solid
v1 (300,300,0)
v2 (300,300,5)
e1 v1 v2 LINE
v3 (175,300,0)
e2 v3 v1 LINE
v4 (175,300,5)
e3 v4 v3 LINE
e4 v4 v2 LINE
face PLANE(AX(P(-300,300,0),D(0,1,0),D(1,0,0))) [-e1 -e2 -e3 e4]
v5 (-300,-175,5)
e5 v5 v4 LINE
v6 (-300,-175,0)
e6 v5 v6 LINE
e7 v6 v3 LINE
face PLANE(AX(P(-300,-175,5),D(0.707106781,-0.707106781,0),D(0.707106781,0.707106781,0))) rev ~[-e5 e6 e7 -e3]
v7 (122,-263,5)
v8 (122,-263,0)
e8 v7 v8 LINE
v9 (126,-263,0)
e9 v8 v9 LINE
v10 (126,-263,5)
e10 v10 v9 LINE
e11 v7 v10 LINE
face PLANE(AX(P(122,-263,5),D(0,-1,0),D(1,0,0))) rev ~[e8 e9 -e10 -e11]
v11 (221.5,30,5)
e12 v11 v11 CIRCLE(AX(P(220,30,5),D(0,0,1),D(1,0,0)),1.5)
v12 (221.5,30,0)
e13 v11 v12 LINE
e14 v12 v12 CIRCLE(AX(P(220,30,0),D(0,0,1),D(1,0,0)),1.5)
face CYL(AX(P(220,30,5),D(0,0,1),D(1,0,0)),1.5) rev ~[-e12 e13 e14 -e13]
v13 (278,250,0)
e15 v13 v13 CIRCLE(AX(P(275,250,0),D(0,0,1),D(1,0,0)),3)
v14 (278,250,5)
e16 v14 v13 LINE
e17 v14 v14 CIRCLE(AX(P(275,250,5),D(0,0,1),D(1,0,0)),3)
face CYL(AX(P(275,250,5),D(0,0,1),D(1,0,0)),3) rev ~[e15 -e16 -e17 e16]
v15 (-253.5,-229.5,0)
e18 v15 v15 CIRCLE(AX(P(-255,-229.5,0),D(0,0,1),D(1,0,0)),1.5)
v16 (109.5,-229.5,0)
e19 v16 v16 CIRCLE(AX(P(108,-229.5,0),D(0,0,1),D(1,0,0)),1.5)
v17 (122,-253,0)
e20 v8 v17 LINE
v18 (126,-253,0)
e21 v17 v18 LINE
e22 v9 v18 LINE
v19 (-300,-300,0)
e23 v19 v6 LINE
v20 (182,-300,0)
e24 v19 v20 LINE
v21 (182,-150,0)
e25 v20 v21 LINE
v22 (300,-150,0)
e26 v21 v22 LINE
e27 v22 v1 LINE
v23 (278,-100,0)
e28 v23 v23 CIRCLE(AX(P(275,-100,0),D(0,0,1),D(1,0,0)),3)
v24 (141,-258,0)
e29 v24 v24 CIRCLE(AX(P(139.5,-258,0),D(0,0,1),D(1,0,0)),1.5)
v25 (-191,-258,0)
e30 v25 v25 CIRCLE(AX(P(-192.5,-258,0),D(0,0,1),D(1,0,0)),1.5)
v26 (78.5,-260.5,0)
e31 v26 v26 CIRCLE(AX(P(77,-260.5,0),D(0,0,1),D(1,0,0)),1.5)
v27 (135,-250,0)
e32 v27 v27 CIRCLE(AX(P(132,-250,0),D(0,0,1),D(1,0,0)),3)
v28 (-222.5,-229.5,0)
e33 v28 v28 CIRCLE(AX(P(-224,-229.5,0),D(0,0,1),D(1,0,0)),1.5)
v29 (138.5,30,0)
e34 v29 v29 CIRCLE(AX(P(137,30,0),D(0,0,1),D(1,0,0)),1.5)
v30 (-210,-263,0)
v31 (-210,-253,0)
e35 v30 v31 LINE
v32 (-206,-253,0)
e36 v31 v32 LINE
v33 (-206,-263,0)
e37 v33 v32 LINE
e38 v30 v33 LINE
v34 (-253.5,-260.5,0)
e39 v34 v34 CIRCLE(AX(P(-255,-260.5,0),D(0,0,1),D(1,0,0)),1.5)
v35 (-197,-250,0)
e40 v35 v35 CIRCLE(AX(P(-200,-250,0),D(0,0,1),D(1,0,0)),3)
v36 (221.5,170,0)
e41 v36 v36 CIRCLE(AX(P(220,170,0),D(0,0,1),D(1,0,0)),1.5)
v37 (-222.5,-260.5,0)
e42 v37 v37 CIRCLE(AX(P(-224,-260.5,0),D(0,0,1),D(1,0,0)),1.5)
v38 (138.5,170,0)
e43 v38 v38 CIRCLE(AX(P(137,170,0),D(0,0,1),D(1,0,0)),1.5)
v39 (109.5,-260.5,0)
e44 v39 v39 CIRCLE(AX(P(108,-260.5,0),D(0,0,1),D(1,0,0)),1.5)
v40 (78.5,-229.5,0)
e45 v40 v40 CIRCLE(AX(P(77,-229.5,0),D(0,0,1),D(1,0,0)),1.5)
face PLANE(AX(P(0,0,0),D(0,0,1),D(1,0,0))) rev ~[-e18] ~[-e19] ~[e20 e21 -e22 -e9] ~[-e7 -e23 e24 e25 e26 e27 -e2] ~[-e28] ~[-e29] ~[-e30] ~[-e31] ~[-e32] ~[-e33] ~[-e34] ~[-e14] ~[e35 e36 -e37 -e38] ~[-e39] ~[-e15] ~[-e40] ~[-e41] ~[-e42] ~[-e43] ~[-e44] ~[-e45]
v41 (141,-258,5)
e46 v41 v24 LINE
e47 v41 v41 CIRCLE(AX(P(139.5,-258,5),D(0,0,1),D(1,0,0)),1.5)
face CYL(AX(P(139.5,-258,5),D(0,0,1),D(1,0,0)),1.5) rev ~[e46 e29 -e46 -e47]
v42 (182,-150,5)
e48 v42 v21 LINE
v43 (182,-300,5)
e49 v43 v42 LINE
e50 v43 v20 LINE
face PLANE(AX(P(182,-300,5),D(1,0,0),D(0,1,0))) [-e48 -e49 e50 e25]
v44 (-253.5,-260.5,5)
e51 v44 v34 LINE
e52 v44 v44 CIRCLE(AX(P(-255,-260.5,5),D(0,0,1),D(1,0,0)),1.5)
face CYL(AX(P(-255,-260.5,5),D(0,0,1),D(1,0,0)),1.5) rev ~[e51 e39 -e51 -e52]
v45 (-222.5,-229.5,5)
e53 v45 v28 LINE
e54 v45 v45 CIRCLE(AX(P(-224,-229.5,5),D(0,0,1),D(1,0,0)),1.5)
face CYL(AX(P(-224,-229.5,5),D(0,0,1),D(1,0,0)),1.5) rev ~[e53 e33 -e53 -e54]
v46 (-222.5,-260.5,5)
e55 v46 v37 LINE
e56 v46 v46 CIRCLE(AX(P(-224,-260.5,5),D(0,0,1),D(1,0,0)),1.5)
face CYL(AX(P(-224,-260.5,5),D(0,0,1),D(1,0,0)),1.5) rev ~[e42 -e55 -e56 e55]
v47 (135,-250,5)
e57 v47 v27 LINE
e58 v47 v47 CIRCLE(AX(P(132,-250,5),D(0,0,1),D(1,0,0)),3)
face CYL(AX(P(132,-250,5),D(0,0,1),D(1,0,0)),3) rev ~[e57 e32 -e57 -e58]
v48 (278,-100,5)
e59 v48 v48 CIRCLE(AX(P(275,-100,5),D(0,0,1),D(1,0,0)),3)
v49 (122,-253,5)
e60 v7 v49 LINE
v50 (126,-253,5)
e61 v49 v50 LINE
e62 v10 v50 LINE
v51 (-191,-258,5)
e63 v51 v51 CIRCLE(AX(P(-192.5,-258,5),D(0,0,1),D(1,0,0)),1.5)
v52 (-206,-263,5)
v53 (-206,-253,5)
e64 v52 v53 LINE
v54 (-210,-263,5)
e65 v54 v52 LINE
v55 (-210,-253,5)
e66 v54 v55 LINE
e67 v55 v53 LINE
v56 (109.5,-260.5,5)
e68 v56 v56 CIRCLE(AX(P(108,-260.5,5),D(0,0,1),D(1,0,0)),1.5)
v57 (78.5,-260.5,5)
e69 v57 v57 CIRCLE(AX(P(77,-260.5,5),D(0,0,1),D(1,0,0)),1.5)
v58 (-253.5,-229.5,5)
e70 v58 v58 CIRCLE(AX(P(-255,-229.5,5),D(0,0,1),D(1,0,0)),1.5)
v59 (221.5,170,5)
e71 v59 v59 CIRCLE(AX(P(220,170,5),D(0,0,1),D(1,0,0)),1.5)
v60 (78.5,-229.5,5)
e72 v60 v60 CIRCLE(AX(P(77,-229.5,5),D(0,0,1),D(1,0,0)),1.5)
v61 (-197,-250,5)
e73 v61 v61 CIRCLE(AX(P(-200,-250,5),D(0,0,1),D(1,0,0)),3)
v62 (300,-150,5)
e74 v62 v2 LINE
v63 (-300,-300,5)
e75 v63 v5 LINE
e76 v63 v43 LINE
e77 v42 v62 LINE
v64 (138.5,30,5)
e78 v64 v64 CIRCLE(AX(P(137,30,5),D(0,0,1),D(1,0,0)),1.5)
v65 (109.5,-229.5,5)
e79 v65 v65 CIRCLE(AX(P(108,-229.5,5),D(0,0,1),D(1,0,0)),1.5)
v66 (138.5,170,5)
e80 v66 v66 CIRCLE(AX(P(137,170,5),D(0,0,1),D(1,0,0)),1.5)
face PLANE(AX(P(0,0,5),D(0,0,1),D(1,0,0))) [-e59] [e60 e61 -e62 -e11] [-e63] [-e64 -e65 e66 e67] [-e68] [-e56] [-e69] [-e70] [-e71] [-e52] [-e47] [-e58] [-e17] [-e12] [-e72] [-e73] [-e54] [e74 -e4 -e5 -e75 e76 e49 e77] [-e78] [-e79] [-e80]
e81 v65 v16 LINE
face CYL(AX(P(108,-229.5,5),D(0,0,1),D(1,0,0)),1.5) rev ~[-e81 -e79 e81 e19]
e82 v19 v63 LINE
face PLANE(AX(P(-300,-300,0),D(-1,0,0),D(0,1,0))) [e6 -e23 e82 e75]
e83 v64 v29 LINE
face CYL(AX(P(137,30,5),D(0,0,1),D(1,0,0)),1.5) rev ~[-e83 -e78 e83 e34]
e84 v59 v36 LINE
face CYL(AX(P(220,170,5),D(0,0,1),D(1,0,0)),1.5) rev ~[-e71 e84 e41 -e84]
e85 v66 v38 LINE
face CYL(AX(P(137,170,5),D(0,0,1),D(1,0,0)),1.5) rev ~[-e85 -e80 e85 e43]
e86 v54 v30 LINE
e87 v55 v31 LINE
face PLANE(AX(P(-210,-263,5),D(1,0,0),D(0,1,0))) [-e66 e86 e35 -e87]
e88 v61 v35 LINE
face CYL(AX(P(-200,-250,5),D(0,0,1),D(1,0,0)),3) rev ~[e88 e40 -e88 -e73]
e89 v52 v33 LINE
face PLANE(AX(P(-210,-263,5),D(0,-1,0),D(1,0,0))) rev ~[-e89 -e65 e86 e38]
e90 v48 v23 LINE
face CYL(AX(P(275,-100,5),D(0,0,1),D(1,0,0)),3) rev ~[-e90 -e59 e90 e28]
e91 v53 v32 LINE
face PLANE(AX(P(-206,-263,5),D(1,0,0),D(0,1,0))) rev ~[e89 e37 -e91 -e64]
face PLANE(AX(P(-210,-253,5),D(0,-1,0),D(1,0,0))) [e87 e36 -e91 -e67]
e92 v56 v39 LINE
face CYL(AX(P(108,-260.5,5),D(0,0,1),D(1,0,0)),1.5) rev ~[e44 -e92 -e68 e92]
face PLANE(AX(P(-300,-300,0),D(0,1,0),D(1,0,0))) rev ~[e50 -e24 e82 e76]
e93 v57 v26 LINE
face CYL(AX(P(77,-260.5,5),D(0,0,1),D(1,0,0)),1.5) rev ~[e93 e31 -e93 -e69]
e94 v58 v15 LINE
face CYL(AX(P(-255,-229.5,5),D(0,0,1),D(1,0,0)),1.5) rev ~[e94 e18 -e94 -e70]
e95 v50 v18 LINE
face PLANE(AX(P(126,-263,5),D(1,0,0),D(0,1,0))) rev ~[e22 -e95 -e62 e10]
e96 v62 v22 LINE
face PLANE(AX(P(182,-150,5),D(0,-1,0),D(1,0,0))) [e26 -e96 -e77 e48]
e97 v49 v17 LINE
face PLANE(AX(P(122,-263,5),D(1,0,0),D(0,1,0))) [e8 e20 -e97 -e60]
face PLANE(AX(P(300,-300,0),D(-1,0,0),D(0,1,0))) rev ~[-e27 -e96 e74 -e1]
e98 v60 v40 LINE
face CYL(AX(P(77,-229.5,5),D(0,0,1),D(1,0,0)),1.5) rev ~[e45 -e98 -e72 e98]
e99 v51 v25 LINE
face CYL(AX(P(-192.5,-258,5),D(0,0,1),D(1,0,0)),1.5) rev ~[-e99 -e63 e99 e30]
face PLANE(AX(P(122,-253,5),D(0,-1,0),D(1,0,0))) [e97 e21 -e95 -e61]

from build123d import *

# Parameters (mm, degrees)
F0_W     = 600
F0_H     = 600
F1_DEPTH = 5
F2_R     = 1.5
F2_R_2   = 3
F2_W     = 4
F2_H     = 10
F2_W_2   = 118
F2_H_2   = 150
F3_DEPTH = 5.001


with BuildPart() as f1:
    # F0 (on Top) → F1 (new body)
    with BuildSketch(Plane.XY):
        Rectangle(F0_W, F0_H)
    extrude(amount=F1_DEPTH)

    # F2 (on face) → F3 (cut, through all)
    with BuildSketch(Plane.XY.offset(5)):
        with Locations((-255, -229.5)):
            Circle(F2_R)
        with Locations((-255, -260.5)):
            Circle(F2_R)
        with Locations((-224, -229.5)):
            Circle(F2_R)
        with Locations((-224, -260.5)):
            Circle(F2_R)
        with Locations((-200, -250)):
            Circle(F2_R_2)
        with Locations((-208, -258)):
            Rectangle(F2_W, F2_H)
        with Locations((-192.5, -258)):
            Circle(F2_R)
        with Locations((77, -229.5)):
            Circle(F2_R)
        with Locations((77, -260.5)):
            Circle(F2_R)
        with Locations((108, -229.5)):
            Circle(F2_R)
        with Locations((108, -260.5)):
            Circle(F2_R)
        with Locations((132, -250)):
            Circle(F2_R_2)
        with Locations((124, -258)):
            Rectangle(F2_W, F2_H)
        with Locations((139.5, -258)):
            Circle(F2_R)
        with Locations((241, -225)):
            Rectangle(F2_W_2, F2_H_2)
        with Locations((275, -100)):
            Circle(F2_R_2)
        with Locations((275, 250)):
            Circle(F2_R_2)
        with Locations((220, 30)):
            Circle(F2_R)
        with Locations((137, 30)):
            Circle(F2_R)
        with Locations((137, 170)):
            Circle(F2_R)
        with Locations((220, 170)):
            Circle(F2_R)
        Polygon((-300, 300), (-300, -175), (175, 300), align=None)
    extrude(amount=-F3_DEPTH, mode=Mode.SUBTRACT)


solid = f1.part
